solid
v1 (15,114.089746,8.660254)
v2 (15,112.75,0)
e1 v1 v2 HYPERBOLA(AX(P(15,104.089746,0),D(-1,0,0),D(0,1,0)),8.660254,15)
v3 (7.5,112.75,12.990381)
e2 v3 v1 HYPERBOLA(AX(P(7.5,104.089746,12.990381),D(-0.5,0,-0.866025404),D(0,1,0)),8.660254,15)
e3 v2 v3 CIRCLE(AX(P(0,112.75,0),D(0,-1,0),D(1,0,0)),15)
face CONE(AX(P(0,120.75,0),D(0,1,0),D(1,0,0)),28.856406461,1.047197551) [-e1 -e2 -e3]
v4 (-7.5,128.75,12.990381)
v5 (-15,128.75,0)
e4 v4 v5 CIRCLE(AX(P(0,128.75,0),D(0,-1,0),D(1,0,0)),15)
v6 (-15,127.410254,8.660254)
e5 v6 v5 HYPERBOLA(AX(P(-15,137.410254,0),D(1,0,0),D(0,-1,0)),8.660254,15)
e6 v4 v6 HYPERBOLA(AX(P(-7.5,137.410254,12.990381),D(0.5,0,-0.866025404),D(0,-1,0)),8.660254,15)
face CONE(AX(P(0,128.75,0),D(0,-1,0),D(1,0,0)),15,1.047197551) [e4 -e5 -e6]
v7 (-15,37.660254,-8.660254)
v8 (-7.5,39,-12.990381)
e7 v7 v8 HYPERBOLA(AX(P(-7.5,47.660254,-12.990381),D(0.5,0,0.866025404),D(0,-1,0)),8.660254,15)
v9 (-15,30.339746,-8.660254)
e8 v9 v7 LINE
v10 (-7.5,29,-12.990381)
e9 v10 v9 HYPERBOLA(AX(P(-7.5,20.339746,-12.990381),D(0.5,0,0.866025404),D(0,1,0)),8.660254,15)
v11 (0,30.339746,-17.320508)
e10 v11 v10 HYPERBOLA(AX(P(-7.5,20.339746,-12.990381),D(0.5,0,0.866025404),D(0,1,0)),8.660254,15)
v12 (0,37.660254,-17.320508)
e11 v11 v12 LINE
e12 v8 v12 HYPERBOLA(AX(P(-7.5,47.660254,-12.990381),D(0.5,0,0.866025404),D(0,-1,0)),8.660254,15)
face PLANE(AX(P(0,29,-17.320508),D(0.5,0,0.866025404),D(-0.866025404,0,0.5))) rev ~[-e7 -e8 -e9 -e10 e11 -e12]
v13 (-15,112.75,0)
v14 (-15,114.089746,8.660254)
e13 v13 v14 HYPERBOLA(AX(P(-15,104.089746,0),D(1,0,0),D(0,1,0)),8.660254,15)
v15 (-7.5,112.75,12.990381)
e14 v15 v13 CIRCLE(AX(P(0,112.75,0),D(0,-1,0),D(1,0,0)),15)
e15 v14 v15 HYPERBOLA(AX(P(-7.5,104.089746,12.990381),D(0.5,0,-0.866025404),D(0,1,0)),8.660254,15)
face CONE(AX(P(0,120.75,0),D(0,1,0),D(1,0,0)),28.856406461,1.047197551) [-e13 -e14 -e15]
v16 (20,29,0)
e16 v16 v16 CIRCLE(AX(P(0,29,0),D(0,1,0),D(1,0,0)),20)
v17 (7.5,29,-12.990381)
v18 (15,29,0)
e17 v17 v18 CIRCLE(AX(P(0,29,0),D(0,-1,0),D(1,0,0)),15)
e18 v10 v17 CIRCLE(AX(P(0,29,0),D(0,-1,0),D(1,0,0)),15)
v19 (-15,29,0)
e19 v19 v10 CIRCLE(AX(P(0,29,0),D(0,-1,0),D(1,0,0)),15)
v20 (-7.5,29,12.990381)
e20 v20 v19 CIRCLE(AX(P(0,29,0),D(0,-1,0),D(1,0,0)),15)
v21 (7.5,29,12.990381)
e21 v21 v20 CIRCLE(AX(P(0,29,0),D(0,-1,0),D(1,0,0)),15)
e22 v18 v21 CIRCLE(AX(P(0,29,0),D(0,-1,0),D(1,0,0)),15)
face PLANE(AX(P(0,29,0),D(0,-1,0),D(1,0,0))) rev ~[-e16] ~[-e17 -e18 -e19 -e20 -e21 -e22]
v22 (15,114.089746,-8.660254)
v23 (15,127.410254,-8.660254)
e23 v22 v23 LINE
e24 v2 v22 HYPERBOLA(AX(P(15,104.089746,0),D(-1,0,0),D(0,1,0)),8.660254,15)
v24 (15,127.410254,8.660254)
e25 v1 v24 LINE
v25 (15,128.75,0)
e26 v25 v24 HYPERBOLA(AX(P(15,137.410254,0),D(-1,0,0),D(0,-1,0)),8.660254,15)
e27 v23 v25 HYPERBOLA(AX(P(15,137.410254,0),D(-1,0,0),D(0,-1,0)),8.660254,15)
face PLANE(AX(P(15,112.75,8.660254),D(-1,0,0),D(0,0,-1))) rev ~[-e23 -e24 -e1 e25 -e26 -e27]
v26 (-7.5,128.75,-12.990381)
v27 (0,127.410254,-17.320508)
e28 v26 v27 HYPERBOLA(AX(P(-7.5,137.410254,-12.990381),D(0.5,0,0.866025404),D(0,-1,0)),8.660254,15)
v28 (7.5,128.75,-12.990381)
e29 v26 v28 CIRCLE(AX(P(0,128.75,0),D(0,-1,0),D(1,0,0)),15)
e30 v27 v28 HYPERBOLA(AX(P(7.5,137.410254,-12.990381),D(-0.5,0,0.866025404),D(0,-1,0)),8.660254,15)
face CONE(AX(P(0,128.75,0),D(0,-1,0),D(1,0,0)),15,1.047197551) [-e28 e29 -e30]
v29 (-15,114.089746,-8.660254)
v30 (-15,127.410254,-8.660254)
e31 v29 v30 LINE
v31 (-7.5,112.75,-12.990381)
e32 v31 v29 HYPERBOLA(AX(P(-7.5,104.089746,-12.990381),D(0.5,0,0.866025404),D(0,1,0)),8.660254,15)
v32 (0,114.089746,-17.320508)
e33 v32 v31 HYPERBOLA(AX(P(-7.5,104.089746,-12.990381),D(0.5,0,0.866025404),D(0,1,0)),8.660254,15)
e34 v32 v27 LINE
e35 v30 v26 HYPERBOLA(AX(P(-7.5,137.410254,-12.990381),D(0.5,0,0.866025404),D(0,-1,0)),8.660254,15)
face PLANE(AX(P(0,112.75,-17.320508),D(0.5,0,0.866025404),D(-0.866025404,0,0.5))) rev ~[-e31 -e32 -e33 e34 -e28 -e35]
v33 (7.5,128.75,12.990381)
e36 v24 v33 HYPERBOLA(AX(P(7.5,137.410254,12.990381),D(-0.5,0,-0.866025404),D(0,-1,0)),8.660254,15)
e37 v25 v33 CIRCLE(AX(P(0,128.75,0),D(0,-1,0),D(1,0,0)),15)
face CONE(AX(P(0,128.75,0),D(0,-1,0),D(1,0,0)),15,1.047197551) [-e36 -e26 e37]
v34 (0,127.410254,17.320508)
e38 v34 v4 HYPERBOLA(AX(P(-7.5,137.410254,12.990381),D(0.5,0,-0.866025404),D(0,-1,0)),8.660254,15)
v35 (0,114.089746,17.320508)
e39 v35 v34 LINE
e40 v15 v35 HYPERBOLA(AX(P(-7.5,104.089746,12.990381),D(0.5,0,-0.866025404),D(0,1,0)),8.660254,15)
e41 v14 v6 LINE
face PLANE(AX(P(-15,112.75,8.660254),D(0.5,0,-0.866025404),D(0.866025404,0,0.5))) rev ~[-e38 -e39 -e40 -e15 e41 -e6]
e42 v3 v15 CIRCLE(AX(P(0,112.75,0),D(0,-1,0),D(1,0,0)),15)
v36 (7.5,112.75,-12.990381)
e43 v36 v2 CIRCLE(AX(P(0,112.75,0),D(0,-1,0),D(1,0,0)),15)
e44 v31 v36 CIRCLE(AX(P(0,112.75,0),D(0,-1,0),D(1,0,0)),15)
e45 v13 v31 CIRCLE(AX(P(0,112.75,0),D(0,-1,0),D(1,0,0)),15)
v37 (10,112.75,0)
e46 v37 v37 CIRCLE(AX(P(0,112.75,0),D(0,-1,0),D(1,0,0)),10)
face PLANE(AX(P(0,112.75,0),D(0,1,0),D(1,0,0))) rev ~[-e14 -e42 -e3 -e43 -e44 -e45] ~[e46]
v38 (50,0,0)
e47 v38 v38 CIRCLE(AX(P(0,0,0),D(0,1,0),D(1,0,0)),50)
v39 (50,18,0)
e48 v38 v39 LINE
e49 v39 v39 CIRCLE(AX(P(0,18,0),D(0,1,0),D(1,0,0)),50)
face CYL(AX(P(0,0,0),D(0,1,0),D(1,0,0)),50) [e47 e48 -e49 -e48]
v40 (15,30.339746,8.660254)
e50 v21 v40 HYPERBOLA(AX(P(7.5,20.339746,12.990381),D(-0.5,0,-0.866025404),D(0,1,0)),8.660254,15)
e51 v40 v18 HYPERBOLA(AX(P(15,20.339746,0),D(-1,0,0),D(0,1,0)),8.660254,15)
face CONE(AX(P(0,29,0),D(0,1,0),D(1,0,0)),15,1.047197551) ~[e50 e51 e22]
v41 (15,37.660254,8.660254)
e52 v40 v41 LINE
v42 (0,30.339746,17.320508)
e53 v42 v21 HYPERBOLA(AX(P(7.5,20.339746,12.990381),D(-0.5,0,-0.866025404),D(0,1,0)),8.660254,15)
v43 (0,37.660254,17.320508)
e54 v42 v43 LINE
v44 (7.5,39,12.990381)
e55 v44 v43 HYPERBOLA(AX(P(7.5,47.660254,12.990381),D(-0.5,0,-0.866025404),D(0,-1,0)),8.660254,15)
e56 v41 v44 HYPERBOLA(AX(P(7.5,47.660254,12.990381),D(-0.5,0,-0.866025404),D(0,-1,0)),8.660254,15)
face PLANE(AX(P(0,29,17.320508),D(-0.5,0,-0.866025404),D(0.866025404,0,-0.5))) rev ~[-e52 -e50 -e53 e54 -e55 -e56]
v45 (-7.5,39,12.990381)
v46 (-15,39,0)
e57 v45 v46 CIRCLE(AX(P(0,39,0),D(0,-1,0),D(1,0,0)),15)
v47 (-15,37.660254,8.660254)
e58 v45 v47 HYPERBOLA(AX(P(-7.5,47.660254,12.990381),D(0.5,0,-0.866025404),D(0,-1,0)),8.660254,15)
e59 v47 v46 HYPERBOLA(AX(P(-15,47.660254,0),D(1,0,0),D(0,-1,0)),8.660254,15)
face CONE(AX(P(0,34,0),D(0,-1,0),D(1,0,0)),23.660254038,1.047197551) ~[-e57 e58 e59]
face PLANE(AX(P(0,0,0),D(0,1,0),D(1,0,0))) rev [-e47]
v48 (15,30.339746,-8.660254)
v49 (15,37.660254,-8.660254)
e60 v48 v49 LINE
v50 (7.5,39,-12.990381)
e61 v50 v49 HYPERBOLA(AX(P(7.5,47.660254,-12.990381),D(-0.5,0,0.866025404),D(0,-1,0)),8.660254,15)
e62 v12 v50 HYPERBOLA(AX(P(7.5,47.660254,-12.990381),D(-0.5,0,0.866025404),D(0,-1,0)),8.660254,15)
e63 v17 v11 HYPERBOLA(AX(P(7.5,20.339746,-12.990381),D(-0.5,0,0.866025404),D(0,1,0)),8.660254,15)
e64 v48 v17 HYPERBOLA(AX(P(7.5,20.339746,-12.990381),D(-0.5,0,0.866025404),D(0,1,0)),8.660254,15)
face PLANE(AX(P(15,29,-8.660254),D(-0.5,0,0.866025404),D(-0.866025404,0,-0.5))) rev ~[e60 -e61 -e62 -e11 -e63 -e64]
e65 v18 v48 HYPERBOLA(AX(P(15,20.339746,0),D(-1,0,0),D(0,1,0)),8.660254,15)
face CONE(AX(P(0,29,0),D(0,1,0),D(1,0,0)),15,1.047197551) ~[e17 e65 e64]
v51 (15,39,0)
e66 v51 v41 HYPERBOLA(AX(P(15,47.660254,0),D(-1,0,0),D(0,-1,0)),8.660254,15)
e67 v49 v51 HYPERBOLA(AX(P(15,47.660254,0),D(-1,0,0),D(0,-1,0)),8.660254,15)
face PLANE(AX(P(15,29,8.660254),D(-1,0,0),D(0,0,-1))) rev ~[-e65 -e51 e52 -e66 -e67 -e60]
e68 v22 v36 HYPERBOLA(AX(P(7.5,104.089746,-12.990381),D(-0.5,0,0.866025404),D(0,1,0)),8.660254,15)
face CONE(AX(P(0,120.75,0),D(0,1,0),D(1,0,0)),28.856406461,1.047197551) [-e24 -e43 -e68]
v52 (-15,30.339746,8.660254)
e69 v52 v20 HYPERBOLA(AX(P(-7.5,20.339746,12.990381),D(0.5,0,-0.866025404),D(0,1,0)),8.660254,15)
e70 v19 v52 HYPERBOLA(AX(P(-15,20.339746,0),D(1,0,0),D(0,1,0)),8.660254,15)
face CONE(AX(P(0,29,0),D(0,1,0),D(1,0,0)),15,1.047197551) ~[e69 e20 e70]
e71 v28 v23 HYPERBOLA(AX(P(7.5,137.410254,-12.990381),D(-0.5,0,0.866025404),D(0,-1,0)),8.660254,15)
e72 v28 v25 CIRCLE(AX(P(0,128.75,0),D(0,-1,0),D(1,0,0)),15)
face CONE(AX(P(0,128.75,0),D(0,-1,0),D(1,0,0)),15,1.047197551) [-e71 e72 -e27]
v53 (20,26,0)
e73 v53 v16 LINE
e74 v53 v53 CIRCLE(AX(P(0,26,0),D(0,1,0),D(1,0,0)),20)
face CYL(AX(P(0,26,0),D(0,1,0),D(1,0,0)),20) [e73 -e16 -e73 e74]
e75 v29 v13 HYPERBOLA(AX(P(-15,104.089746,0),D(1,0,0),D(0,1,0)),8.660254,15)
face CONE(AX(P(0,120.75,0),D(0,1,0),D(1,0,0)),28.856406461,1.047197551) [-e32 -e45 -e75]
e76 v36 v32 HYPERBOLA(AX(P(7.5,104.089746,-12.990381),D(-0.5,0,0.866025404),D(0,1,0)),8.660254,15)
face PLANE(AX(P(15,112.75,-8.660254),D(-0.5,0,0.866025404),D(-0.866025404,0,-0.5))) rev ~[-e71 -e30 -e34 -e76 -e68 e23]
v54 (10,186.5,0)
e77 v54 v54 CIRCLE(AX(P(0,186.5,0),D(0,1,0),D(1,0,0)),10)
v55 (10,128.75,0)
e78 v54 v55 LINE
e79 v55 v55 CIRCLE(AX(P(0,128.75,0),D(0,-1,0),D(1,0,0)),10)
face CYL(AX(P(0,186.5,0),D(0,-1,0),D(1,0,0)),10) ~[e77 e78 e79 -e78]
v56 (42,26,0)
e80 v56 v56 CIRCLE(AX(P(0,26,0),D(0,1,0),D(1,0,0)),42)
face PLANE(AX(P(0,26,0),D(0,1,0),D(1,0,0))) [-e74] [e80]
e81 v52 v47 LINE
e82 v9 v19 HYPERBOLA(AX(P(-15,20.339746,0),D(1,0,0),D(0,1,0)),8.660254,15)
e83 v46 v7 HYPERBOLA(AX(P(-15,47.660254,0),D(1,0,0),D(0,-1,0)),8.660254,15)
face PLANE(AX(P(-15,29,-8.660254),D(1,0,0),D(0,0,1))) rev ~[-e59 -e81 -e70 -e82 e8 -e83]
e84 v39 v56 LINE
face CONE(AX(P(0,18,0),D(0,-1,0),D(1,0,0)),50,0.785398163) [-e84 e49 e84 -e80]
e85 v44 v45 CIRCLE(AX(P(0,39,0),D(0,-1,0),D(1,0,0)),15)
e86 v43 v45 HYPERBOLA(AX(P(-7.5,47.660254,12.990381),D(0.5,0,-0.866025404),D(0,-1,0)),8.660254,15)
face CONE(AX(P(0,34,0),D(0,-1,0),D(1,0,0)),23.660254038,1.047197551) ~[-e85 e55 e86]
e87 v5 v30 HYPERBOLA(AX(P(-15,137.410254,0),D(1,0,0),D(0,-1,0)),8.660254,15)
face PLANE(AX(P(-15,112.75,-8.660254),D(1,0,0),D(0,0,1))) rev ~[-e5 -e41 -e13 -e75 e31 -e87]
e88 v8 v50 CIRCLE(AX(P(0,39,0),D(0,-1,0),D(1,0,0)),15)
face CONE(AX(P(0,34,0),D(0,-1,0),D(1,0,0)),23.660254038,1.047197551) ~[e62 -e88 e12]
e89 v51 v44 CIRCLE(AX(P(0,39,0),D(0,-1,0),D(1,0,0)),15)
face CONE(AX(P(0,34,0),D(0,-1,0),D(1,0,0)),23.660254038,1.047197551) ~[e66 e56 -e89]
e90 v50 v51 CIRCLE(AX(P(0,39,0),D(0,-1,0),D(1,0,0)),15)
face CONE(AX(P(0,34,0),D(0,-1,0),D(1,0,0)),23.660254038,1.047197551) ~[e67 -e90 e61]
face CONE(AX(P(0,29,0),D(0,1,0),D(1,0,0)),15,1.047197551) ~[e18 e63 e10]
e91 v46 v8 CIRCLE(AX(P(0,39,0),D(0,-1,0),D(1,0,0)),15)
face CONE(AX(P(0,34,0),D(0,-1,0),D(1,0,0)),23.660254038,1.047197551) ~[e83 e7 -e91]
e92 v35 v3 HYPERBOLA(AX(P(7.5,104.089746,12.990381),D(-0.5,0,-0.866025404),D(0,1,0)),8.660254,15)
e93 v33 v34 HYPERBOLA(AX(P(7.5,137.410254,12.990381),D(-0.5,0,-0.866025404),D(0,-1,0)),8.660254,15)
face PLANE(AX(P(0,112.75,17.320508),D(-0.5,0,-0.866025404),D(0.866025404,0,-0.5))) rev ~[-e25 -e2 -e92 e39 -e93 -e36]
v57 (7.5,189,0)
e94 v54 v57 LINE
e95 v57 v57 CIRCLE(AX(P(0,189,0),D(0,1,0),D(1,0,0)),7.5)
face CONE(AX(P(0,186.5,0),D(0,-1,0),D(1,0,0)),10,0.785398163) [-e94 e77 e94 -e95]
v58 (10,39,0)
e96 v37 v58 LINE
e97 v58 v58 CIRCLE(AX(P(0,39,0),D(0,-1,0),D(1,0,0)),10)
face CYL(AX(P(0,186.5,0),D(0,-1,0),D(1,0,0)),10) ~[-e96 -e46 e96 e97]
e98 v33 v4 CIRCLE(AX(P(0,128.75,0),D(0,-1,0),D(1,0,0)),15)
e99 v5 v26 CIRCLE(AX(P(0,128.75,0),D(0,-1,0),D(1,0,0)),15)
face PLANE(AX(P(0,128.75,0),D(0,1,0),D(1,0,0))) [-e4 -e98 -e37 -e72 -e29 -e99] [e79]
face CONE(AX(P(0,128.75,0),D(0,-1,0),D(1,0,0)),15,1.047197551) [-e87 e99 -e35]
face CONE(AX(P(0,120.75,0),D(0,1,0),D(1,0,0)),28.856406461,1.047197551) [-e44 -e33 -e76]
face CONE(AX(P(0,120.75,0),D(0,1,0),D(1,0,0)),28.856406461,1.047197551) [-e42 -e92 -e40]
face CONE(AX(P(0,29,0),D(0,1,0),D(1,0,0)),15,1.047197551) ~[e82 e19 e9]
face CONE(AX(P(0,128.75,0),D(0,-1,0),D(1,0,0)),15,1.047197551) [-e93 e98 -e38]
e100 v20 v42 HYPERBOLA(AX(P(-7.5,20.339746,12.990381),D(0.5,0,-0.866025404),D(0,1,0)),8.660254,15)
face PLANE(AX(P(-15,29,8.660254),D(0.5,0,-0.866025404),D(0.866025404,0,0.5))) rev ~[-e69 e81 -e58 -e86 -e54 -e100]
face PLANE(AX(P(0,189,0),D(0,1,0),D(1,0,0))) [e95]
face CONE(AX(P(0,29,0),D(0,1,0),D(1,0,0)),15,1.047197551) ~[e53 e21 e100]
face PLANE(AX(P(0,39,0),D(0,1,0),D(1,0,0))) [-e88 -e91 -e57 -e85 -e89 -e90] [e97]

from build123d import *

# Parameters (mm, degrees)
EXTRUDE_1_DEPTH = 10
EXTRUDE_2_DEPTH = 16


with BuildPart() as part:
    # Эскиз1 → Повернуть1 (revolve)
    with BuildSketch(Plane.XY, mode=Mode.PRIVATE) as revolve_1_sk:
        Polygon((0, 0), (-50, 0), (-50, 18), (-42, 26), (-20, 26), (-20, 29), (-10, 29), (-10, 39), (-10, 186.5), (-7.5, 189), (0, 189), align=None)
    revolve(revolve_1_sk.sketch.rotate(Axis((0, 0, 0), (0, 1, 0)), 180), axis=Axis((0, 0, 0), (0, 1, 0)))  # turned: the seam where the file's is

    # Эскиз2 → Бобышка-Вытянуть1 (add)
    with BuildSketch(Plane(origin=(0, 29, 0), x_dir=(1, 0, 0), z_dir=(0, 1, 0))):
        Polygon((0, 17.320508076), (-15, 8.660254038), (-15, -8.660254038), (0, -17.320508076), (15, -8.660254038), (15, 8.660254038), align=None)
    extrude(amount=EXTRUDE_1_DEPTH)

    # Эскиз3 → Бобышка-Вытянуть2 (add)
    with BuildSketch(Plane(origin=(0, 112.75, 0), x_dir=(1, 0, 0), z_dir=(0, 1, 0))):
        Polygon((15, 8.660254038), (0, 17.320508076), (-15, 8.660254038), (-15, -8.660254038), (0, -17.320508076), (15, -8.660254038), align=None)
    extrude(amount=EXTRUDE_2_DEPTH)

    # Эскиз4 → Вырез-Повернуть2 (revolve, cut)
    with BuildSketch(Plane.XY, mode=Mode.PRIVATE) as cut_revolve_2_sk:
        Polygon((-28.856406461, 128.75), (-15, 128.75), (-28.856406461, 120.75), align=None)
        Polygon((-28.856406461, 112.75), (-28.856406461, 120.75), (-15, 112.75), align=None)
        Polygon((-23.660254038, 39), (-23.660254038, 34), (-15, 39), align=None)
        Polygon((-23.660254038, 34), (-23.660254038, 29), (-15, 29), align=None)
    revolve(cut_revolve_2_sk.sketch.rotate(Axis((0, 189, 0), (0, -1, 0)), 180), axis=Axis((0, 189, 0), (0, -1, 0)), mode=Mode.SUBTRACT)  # turned: the seam where the file's is


solid = part.part
